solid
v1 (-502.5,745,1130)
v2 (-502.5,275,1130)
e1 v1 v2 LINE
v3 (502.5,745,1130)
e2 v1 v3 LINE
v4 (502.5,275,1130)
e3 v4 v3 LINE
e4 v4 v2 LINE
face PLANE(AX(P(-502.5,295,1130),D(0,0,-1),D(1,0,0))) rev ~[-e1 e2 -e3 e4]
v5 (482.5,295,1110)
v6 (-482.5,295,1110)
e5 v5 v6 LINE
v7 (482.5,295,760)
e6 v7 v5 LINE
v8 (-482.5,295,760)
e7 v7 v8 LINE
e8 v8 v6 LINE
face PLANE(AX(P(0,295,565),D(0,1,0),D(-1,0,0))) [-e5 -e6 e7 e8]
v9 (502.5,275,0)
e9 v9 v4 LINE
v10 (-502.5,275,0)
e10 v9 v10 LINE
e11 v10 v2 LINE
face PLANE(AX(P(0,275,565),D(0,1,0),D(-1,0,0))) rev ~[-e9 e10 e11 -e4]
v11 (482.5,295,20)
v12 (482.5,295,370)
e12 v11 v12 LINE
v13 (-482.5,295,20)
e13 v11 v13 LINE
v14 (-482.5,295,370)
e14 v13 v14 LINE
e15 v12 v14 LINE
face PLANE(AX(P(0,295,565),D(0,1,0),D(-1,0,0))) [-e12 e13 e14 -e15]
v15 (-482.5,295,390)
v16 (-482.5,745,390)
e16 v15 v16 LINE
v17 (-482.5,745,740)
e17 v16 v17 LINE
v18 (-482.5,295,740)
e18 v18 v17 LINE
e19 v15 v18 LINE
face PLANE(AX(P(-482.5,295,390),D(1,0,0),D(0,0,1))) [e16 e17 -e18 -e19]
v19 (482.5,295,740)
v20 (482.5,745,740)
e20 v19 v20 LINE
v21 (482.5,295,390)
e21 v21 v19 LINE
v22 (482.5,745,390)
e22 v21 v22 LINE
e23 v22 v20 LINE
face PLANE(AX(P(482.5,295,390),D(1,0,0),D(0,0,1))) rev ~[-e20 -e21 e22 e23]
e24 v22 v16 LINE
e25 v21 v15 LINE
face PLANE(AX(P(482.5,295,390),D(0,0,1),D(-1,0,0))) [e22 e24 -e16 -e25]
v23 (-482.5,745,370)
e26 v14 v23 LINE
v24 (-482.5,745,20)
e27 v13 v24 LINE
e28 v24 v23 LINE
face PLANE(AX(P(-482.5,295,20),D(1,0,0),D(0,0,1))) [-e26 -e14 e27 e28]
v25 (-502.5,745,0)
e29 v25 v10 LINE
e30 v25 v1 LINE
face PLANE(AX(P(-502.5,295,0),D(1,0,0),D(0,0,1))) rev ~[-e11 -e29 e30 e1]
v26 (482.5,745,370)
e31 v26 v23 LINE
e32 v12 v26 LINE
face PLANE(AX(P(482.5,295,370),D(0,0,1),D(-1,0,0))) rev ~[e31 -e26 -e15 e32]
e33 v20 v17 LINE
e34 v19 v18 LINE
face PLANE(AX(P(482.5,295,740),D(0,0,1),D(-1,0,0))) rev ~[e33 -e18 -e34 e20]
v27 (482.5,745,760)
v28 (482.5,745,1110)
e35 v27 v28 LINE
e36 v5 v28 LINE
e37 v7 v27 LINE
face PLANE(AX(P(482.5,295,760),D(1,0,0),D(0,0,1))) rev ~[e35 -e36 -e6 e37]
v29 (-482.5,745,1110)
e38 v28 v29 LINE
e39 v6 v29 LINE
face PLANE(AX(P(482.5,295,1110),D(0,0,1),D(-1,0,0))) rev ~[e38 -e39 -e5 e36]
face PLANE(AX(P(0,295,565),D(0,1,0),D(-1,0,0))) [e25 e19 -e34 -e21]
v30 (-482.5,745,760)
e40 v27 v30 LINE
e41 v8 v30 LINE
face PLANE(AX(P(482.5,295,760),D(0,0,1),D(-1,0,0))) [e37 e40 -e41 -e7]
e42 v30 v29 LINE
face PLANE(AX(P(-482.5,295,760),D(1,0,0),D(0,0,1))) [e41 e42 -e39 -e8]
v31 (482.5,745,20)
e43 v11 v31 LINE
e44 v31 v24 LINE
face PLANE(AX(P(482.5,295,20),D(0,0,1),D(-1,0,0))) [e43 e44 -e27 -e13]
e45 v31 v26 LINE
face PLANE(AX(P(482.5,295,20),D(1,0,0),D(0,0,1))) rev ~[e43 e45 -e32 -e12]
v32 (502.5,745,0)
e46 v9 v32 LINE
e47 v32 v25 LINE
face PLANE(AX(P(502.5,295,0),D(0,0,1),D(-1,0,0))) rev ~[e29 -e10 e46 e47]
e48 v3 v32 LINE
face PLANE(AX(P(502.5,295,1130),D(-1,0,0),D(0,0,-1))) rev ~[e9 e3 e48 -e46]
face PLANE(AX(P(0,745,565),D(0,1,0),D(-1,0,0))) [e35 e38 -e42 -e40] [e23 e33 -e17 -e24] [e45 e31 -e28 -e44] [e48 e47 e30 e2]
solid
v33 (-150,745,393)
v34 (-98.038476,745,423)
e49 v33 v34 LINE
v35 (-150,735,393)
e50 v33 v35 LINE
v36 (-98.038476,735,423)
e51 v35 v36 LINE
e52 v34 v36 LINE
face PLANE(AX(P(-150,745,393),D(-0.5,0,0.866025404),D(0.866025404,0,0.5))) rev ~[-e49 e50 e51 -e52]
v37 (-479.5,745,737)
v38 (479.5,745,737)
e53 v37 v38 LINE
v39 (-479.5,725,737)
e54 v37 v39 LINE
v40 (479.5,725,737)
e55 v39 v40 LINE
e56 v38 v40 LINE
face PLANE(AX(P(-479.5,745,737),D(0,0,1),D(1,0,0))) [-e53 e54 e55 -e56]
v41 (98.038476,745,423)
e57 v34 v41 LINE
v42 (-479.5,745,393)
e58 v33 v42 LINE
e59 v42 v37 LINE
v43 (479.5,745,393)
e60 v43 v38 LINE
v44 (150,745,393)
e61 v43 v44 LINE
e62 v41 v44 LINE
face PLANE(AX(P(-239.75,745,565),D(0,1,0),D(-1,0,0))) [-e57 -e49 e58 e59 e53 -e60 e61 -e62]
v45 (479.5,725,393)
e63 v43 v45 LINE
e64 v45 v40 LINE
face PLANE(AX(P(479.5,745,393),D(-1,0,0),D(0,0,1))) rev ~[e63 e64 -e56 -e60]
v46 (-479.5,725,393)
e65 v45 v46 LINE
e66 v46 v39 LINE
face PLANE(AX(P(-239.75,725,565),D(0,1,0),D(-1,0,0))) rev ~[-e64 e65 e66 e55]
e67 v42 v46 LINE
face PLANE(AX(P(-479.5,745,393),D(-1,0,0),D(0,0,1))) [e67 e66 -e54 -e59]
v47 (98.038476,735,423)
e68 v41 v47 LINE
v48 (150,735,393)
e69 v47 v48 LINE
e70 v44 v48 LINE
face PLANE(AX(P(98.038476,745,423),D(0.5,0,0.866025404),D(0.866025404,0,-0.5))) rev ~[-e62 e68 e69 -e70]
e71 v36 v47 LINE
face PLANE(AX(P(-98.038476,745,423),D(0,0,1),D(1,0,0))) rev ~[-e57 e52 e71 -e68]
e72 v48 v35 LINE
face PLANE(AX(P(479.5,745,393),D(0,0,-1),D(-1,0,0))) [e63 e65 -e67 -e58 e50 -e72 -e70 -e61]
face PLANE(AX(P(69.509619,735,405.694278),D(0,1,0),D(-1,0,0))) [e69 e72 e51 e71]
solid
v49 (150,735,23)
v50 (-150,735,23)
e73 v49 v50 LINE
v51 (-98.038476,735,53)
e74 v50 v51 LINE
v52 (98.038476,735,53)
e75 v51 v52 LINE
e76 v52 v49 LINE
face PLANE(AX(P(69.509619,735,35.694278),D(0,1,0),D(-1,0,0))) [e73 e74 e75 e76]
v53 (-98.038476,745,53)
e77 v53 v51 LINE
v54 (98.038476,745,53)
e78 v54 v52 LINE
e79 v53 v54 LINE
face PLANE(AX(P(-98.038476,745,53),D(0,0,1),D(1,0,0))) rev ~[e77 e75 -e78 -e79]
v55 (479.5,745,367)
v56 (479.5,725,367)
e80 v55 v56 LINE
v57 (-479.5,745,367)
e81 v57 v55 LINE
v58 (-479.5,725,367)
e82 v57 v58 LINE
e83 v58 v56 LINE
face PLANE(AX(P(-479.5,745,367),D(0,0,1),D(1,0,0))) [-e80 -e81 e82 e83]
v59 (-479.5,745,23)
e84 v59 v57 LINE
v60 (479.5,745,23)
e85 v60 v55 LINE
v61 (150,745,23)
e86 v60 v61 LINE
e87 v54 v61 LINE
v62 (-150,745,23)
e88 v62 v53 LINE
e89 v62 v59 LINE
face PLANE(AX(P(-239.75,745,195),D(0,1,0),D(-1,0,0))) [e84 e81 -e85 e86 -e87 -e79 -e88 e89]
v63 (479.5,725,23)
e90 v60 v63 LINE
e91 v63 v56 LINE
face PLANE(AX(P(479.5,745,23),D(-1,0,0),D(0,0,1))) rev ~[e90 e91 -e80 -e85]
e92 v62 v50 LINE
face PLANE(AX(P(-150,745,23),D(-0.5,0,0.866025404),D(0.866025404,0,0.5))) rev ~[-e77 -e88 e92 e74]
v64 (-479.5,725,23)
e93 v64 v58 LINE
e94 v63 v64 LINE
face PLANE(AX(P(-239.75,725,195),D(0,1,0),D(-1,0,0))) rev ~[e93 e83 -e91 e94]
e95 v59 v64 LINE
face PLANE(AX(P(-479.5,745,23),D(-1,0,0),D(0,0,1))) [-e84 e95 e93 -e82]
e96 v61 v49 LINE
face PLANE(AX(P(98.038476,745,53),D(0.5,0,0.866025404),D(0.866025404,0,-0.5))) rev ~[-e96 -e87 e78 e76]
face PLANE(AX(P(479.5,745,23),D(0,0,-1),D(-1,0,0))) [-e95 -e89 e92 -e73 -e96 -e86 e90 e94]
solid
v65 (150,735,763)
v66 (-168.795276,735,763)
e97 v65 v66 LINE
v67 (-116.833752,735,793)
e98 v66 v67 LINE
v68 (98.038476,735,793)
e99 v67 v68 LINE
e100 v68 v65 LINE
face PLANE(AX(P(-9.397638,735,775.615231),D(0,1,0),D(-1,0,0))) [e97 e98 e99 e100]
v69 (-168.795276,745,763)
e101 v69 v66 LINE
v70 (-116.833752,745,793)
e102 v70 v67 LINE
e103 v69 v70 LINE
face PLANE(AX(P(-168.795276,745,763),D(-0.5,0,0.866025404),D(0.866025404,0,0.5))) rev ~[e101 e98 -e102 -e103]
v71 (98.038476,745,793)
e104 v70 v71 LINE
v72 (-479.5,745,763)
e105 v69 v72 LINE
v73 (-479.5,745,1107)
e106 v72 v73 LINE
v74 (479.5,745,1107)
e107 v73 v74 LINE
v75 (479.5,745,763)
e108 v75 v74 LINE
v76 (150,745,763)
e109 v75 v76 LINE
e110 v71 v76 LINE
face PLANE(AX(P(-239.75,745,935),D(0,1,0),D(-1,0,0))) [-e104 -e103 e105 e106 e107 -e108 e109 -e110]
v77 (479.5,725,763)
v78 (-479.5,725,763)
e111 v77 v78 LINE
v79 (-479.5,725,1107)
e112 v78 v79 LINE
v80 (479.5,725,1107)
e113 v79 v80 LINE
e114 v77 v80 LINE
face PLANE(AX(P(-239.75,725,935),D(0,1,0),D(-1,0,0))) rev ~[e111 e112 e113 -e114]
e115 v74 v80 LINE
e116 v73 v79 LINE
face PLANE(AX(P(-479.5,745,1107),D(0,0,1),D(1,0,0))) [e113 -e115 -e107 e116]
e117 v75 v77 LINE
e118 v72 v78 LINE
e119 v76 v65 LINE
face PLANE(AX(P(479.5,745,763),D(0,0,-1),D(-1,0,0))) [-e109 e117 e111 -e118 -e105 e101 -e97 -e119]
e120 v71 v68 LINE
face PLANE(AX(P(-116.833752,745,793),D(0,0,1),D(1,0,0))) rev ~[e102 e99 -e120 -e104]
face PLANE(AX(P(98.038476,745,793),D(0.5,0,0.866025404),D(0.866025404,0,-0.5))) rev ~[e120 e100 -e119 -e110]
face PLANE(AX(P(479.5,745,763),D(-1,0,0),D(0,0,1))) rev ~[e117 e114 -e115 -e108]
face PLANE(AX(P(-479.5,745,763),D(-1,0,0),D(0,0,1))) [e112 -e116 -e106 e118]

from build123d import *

# Parameters (mm, degrees)
F0_W      = 1005
F0_H      = 550
F1_DEPTH  = 20
F2_W      = 1005
F2_H      = 20
F3_DEPTH  = 2200
F4_W      = 20
F4_H      = 530
F5_DEPTH  = 2200
F6_W      = 1005
F6_H      = 550
F7_DEPTH  = 20
F8_R      = 17.7646151172
F9_DEPTH  = 982.98
F10_W     = 1005
F10_H     = 1130
F11_DEPTH = 20
F12_W     = 965
F12_H     = 350
F13_DEPTH = 450
F14_W     = 479.5
F14_H     = 344
F15_DEPTH = 20
F17_DEPTH = 10
F19_DEPTH = 10
F21_DEPTH = 10
F22_W     = 1005
F22_H     = 2220
F23_DEPTH = 550


with BuildPart() as f1:
    # F0 (on Top) → F1 (new body)
    with BuildSketch(Plane.XY):
        Rectangle(F0_W, F0_H)
    extrude(amount=F1_DEPTH)

    # F2 (on face) → F3 (join)
    with BuildSketch(Plane.XY.offset(20)):
        with Locations((0, 265)):
            Rectangle(F2_W, F2_H)
    extrude(amount=F3_DEPTH)

    # F4 (on face) → F5 (join)
    with BuildSketch(Plane.XY.offset(20)):
        with Locations((-492.5, -10)):
            Rectangle(F4_W, F4_H)
        with Locations((492.5, -10)):
            Rectangle(F4_W, F4_H)
    extrude(amount=F5_DEPTH)

    # F6 (on face) → F7 (join)
    with BuildSketch(Plane.XY.offset(2220)):
        Rectangle(F6_W, F6_H)
    extrude(amount=-F7_DEPTH)

    # F8 (on face) → F9 (join)
    with BuildSketch(Plane(origin=(482.5, 0, 0), x_dir=(0, -1, 0), z_dir=(-1, 0, 0))):
        with Locations((0, 1643.2266235352)):
            Circle(F8_R)
    extrude(amount=F9_DEPTH)

    # F22 (on face) → F23 (cut)
    with BuildSketch(Plane.XZ.offset(275)):
        with Locations((0, 1110)):
            Rectangle(F22_W, F22_H)
    extrude(amount=-F23_DEPTH, mode=Mode.SUBTRACT)


with BuildPart() as f11:
    # F10 (on face) → F11 (new body)
    with BuildSketch(Plane(origin=(0, 275, 0), x_dir=(-1, 0, 0), z_dir=(0, 1, 0))):
        with Locations((0, 565)):
            Rectangle(F10_W, F10_H)
    extrude(amount=F11_DEPTH)

    # F12 (on face) → F13 (join)
    with BuildSketch(Plane(origin=(0, 295, 0), x_dir=(-1, 0, 0), z_dir=(0, 1, 0))):
        Polygon((502.5, 1130), (-502.5, 1130), (-502.5, 1110), (-502.5, 760), (-502.5, 740), (-502.5, 390), (-502.5, 370), (-502.5, 20), (-502.5, 0), (482.5, 0), (502.5, 0), (502.5, 20), (502.5, 370), (502.5, 390), (502.5, 740), (502.5, 760), (502.5, 1110), align=None)
        with Locations((0, 195)):
            Rectangle(F12_W, F12_H, mode=Mode.SUBTRACT)
        with Locations((0, 565)):
            Rectangle(F12_W, F12_H, mode=Mode.SUBTRACT)
        with Locations((0, 935)):
            Rectangle(F12_W, F12_H, mode=Mode.SUBTRACT)
    extrude(amount=F13_DEPTH)


with BuildPart() as f15:
    # F14 (on face) → F15 (new body)
    with BuildSketch(Plane(origin=(0, 745, 0), x_dir=(-1, 0, 0), z_dir=(0, 1, 0))):
        with Locations((239.75, 935)):
            Rectangle(F14_W, F14_H)
        with Locations((-239.75, 935)):
            Rectangle(F14_W, F14_H)
    extrude(amount=-F15_DEPTH)

    # F16 (on face) → F17 (cut)
    with BuildSketch(Plane(origin=(0, 745, 0), x_dir=(-1, 0, 0), z_dir=(0, 1, 0))):
        Polygon((-150, 763), (168.7952763235, 763), (116.8337520964, 793), (-98.0384757729, 793), align=None)
    extrude(amount=-F17_DEPTH, mode=Mode.SUBTRACT)


with BuildPart() as f15b:
    # F14 (on face) → F15, piece 2 (new body)
    with BuildSketch(Plane(origin=(0, 745, 0), x_dir=(-1, 0, 0), z_dir=(0, 1, 0))):
        with Locations((239.75, 565)):
            Rectangle(F14_W, F14_H)
        with Locations((-239.75, 565)):
            Rectangle(F14_W, F14_H)
    extrude(amount=-F15_DEPTH)

    # F18 (on face) → F19 (cut)
    with BuildSketch(Plane(origin=(0, 745, 0), x_dir=(-1, 0, 0), z_dir=(0, 1, 0))):
        Polygon((-150, 393), (0, 393), (0, 423), (-98.0384757729, 423), align=None)
        Polygon((0, 423), (0, 393), (150, 393), (98.0384757729, 423), align=None)
    extrude(amount=-F19_DEPTH, mode=Mode.SUBTRACT)


with BuildPart() as f15c:
    # F14 (on face) → F15, piece 3 (new body)
    with BuildSketch(Plane(origin=(0, 745, 0), x_dir=(-1, 0, 0), z_dir=(0, 1, 0))):
        with Locations((239.75, 195)):
            Rectangle(F14_W, F14_H)
        with Locations((-239.75, 195)):
            Rectangle(F14_W, F14_H)
    extrude(amount=-F15_DEPTH)

    # F20 (on face) → F21 (cut)
    with BuildSketch(Plane(origin=(0, 745, 0), x_dir=(-1, 0, 0), z_dir=(0, 1, 0))):
        Polygon((-150, 23), (0, 23), (0, 53), (-98.0384757729, 53), align=None)
        Polygon((0, 53), (0, 23), (150, 23), (98.0384757729, 53), align=None)
    extrude(amount=-F21_DEPTH, mode=Mode.SUBTRACT)


solid = Compound([f11.part, f15.part, f15b.part, f15c.part])
